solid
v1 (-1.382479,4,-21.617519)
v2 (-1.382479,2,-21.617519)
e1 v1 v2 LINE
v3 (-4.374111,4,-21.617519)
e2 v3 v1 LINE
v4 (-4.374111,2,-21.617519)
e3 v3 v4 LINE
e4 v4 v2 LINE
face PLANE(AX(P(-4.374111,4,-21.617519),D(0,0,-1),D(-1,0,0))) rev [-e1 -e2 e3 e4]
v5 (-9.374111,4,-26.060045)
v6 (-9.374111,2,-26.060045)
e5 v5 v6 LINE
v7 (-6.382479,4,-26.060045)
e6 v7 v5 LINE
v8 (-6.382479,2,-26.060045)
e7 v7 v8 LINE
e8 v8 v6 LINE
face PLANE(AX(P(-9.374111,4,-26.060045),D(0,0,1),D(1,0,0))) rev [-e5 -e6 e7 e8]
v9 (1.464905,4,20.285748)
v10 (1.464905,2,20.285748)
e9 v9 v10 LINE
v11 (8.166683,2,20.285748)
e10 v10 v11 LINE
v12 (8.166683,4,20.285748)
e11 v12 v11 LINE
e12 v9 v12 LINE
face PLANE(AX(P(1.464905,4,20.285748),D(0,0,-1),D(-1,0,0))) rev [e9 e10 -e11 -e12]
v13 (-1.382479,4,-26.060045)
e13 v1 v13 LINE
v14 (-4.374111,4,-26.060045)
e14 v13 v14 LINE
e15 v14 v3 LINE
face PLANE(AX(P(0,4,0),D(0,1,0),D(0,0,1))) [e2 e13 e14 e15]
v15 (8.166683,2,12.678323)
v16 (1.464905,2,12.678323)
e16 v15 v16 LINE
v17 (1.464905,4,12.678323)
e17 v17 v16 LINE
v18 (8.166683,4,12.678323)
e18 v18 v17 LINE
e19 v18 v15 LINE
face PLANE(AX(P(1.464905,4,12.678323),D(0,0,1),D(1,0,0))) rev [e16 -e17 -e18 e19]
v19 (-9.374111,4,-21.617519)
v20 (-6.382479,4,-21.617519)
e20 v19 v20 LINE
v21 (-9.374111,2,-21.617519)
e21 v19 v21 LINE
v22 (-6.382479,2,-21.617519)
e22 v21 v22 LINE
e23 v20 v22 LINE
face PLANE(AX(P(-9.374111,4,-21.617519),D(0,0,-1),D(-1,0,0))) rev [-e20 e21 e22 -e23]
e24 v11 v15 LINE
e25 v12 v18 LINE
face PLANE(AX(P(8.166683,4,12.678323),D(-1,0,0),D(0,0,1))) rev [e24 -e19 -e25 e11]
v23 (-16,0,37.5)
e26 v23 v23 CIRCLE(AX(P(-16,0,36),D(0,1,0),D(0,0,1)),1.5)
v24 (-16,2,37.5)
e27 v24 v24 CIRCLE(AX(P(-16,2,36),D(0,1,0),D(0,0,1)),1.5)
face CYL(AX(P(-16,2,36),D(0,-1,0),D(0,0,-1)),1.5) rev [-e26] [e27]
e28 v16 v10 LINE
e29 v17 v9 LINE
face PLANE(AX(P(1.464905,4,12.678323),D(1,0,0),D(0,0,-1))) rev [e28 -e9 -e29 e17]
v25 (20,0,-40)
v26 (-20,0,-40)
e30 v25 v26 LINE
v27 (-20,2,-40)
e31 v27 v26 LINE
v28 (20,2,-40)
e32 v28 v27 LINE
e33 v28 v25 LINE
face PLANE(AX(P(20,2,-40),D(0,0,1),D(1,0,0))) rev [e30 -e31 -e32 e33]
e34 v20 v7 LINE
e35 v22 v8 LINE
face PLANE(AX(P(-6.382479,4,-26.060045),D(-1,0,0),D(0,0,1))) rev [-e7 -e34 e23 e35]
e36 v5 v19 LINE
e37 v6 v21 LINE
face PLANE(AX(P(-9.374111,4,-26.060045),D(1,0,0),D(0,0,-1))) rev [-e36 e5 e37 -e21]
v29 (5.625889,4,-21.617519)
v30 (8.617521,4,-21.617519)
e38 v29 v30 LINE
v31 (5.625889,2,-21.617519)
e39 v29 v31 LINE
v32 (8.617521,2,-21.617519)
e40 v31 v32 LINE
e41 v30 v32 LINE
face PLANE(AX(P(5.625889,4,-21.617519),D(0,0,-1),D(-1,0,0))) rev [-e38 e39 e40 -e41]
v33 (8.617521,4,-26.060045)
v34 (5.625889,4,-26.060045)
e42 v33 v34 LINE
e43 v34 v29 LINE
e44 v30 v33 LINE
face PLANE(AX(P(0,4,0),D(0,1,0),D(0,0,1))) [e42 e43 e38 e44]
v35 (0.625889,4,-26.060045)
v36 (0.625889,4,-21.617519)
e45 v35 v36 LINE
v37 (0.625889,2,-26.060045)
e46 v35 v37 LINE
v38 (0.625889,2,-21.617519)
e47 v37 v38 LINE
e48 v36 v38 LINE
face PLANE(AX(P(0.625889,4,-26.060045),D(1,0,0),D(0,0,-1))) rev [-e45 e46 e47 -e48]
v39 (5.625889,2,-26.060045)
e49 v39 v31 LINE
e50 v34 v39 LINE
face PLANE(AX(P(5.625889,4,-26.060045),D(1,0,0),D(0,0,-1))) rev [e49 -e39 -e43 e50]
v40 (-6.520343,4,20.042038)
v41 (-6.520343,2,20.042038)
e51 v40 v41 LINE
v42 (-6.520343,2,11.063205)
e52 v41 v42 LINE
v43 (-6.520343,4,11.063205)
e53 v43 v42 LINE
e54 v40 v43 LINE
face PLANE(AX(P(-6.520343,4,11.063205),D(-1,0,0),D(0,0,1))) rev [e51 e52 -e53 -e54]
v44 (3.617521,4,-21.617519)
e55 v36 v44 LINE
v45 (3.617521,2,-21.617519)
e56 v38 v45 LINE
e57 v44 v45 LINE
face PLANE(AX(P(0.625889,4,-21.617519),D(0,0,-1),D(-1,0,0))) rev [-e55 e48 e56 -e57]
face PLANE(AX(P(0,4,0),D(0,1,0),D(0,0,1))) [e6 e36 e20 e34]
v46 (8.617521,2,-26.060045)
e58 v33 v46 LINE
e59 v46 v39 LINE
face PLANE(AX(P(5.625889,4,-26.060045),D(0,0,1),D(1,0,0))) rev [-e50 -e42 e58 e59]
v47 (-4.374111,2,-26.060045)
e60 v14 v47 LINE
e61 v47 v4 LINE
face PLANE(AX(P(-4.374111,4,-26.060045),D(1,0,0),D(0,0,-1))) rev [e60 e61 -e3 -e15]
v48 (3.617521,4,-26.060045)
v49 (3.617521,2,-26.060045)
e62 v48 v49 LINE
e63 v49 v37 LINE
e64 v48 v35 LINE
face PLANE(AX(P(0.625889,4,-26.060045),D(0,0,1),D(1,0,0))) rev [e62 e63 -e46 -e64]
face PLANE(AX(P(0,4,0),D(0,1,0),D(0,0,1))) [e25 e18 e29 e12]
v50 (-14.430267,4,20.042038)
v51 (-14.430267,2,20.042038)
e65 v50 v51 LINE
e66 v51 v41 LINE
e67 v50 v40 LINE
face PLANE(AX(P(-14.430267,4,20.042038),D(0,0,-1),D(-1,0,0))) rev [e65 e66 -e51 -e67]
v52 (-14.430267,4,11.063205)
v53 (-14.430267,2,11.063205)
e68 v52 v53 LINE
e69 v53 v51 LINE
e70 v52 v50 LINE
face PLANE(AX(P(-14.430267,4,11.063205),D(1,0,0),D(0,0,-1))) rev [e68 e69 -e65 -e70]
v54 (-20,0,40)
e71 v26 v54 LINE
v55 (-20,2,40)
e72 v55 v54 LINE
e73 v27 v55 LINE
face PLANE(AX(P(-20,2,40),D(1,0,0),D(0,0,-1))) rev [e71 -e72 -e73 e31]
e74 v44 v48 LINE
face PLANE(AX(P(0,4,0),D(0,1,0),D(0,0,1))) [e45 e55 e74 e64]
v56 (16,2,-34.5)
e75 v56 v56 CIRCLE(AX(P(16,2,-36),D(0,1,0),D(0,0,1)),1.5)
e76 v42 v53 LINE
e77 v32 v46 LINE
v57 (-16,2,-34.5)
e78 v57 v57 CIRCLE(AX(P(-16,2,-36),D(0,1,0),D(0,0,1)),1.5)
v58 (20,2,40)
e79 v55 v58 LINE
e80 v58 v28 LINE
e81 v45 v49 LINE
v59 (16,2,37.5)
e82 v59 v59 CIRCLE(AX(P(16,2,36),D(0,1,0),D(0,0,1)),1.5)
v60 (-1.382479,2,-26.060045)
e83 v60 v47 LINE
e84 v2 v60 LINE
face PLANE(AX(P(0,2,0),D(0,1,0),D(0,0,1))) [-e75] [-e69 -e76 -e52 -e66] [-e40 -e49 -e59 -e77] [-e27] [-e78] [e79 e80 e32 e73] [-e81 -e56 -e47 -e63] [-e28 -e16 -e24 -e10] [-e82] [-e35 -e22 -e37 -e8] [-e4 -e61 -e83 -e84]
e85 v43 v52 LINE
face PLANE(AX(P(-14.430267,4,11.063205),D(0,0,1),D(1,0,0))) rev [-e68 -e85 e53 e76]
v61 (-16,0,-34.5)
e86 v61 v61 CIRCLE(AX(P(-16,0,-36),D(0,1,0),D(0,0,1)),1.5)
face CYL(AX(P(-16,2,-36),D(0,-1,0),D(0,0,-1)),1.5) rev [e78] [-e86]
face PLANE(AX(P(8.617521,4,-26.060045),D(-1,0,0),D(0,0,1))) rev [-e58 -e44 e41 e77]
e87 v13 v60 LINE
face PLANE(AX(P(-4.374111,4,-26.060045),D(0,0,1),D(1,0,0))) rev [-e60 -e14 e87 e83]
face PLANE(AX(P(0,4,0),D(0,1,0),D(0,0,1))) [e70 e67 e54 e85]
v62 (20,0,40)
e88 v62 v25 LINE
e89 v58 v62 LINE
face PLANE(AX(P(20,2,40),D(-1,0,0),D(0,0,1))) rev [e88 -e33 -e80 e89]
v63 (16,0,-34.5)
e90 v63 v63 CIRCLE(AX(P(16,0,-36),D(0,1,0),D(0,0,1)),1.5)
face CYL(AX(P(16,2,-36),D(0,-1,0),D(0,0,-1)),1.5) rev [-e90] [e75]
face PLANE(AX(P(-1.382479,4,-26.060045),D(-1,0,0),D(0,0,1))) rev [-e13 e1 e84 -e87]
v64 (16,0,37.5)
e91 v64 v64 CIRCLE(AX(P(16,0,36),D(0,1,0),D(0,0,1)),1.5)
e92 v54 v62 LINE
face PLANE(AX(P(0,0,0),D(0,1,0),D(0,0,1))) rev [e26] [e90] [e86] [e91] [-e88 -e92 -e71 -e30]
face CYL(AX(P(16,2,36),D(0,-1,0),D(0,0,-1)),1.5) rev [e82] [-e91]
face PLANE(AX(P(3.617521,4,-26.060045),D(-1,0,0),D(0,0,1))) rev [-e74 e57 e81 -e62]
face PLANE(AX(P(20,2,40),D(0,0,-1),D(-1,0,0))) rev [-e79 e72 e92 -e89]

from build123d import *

# Parameters (mm, degrees)
SKETCH_1_W      = 40
SKETCH_1_H      = 80
SKETCH_1_R      = 1.5
EXTRUDE_1_DEPTH = 2
SKETCH_2_W      = 6.701778473
SKETCH_2_H      = 7.607424212
SKETCH_2_W_2    = 7.9099244
SKETCH_2_H_2    = 8.978833102
SKETCH_2_W_3    = 2.99163276
SKETCH_2_H_3    = 4.442525683
EXTRUDE_2_DEPTH = 2


with BuildPart() as part:
    # 草图1 → 凸台-拉伸1 (new body)
    with BuildSketch(Plane(origin=(0, 0, 0), x_dir=(1, 0, 0), z_dir=(0, 1, 0))):
        Rectangle(SKETCH_1_W, SKETCH_1_H)
        with Locations((-16, 36)):
            Circle(SKETCH_1_R, mode=Mode.SUBTRACT)
        with Locations((16, 36)):
            Circle(SKETCH_1_R, mode=Mode.SUBTRACT)
        with Locations((16, -36)):
            Circle(SKETCH_1_R, mode=Mode.SUBTRACT)
        with Locations((-16, -36)):
            Circle(SKETCH_1_R, mode=Mode.SUBTRACT)
    extrude(amount=EXTRUDE_1_DEPTH)

    # 草图2 → 凸台-拉伸2 (add)
    with BuildSketch(Plane(origin=(0, 2, 0), x_dir=(1, 0, 0), z_dir=(0, 1, 0))):
        with Locations((4.815794002, -16.482035575)):
            Rectangle(SKETCH_2_W, SKETCH_2_H)
        with Locations((-10.475305286, -15.552621624)):
            Rectangle(SKETCH_2_W_2, SKETCH_2_H_2)
        with Locations((-7.87829503, 23.838782087)):
            Rectangle(SKETCH_2_W_3, SKETCH_2_H_3)
        with Locations((-2.87829503, 23.838782087)):
            Rectangle(SKETCH_2_W_3, SKETCH_2_H_3)
        with Locations((2.12170497, 23.838782087)):
            Rectangle(SKETCH_2_W_3, SKETCH_2_H_3)
        with Locations((7.12170497, 23.838782087)):
            Rectangle(SKETCH_2_W_3, SKETCH_2_H_3)
    extrude(amount=EXTRUDE_2_DEPTH)


solid = part.part
